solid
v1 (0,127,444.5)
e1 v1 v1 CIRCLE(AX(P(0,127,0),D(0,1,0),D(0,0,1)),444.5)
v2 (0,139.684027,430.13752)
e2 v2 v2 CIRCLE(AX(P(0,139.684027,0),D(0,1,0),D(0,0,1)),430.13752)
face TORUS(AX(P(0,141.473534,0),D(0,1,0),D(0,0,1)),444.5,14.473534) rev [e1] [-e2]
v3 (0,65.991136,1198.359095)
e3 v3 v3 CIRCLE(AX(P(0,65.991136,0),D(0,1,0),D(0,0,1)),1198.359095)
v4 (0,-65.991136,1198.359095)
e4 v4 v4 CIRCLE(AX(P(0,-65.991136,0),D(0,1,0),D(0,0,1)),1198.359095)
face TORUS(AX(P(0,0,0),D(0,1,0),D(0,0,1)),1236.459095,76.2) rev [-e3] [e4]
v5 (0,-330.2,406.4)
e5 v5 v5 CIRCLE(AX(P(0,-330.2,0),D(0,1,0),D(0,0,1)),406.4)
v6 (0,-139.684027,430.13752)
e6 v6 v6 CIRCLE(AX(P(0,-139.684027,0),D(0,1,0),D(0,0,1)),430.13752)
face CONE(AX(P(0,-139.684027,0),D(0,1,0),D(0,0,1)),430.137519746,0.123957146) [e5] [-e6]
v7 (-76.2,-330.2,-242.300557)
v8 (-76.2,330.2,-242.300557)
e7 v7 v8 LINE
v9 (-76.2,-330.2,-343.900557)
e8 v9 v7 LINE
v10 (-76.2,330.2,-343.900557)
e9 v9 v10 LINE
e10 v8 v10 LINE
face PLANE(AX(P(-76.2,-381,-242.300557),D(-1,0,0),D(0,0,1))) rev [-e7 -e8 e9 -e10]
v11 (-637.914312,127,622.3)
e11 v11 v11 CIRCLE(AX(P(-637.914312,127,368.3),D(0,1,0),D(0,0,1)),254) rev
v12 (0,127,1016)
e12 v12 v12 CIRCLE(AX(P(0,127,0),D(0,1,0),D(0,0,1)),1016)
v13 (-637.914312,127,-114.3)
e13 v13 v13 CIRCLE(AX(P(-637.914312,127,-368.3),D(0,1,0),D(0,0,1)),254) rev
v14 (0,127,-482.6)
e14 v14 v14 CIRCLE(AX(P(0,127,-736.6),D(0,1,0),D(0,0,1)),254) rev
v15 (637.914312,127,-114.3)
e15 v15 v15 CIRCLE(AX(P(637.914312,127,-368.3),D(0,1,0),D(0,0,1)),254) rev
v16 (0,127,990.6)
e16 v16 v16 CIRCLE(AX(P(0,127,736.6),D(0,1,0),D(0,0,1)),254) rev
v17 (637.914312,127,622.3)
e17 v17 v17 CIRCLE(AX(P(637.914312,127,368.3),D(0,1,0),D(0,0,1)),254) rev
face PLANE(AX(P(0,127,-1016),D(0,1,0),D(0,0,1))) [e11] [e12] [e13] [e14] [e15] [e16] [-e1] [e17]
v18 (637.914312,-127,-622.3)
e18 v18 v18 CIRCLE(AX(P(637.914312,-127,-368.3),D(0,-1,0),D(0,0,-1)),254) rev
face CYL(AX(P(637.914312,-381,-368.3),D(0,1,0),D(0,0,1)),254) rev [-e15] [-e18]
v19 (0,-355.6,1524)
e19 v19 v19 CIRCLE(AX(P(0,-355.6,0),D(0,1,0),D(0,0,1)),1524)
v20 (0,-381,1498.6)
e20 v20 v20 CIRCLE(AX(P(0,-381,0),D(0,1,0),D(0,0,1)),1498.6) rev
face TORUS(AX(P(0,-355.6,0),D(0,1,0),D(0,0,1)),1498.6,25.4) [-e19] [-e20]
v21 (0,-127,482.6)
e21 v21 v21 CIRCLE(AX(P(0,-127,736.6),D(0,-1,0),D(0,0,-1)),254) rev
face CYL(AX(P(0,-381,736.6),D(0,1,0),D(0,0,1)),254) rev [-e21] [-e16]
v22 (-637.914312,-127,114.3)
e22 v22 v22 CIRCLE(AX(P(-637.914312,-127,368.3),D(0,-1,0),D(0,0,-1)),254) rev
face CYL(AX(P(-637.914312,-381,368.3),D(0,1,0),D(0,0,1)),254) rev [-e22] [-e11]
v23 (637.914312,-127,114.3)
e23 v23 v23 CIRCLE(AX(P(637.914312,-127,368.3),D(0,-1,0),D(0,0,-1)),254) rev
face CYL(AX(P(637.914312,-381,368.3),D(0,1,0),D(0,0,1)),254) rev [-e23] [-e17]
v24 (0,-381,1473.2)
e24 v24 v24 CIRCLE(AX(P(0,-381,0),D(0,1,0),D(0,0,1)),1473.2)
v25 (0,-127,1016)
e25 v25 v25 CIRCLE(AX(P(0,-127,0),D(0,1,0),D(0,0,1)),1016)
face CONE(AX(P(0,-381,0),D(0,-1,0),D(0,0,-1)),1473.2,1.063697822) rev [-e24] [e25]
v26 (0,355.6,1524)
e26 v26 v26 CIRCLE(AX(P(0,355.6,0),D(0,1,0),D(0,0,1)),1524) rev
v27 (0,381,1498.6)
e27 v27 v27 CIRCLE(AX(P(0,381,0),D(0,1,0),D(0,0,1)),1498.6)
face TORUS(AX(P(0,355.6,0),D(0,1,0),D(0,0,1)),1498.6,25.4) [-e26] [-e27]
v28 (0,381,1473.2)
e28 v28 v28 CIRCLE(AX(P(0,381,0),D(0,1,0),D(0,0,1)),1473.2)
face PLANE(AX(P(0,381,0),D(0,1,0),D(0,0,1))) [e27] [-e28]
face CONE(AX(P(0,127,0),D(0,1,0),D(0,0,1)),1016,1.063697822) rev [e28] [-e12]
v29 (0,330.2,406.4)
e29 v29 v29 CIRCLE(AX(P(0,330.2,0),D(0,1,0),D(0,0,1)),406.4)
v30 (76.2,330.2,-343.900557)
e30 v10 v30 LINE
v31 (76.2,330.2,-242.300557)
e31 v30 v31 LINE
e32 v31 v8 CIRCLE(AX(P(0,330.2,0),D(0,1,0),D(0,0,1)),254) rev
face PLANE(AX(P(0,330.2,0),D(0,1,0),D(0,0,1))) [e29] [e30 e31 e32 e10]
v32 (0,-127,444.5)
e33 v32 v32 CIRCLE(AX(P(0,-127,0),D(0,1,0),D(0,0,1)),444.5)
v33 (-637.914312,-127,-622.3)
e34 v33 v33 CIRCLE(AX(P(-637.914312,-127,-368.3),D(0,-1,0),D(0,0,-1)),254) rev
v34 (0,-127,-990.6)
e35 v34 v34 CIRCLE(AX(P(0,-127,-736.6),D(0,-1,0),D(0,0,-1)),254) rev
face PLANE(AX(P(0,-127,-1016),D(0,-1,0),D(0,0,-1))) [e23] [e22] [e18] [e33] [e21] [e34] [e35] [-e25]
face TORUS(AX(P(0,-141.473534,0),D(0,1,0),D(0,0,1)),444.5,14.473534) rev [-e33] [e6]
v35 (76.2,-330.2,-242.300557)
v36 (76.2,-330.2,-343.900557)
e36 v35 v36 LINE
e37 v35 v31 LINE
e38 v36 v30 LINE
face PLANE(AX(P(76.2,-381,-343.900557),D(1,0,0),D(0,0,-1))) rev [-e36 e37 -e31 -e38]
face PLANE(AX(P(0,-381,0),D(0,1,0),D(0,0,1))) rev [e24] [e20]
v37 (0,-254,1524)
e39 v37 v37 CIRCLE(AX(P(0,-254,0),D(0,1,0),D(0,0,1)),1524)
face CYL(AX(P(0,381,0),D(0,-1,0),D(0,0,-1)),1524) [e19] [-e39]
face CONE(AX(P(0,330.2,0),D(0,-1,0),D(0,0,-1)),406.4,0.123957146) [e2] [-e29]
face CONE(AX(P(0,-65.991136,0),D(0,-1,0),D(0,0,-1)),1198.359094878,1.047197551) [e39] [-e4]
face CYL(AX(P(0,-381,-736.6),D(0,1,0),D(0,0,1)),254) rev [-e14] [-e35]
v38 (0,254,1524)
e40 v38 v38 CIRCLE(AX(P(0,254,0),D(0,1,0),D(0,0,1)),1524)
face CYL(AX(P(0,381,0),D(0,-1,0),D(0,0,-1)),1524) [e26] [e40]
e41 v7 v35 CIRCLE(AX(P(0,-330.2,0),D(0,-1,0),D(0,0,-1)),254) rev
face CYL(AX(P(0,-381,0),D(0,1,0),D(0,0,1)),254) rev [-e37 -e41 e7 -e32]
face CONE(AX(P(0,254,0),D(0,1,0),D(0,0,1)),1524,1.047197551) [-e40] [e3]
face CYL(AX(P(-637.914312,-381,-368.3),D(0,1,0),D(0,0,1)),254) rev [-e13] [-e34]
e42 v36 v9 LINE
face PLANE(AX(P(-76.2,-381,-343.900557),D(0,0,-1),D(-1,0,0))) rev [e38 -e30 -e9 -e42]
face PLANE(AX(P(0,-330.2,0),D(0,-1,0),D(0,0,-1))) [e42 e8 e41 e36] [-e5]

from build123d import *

# Parameters (mm, degrees)
SKETCH1_R           = 1524
BOSS_EXTRUDE1_DEPTH = 381
CUT_EXTRUDE1_DEPTH  = 763
SKETCH4_R           = 254
CUT_EXTRUDE2_DEPTH  = 763
CIRPATTERN1_COUNT   = 6
FILLET3_R           = 25.4


with BuildPart() as part:
    # Sketch1 → Boss-Extrude1 (new body, symmetric)
    with BuildSketch(Plane(origin=(0, 0, 0), x_dir=(1, 0, 0), z_dir=(0, 1, 0))):
        Circle(SKETCH1_R)
    extrude(amount=BOSS_EXTRUDE1_DEPTH, both=True)

    # Sketch2 → Cut-Revolve1 (revolve, cut)
    with BuildSketch(Plane(origin=(0, 0, 0), x_dir=(0, 0, -1), z_dir=(1, 0, 0))):
        with BuildLine():
            Line((1524, -254), (1524, 254))
            Line((1524, 254), (1198.359094878, 65.991135768))
            ThreePointArc((1198.359094878, 65.991135768), (1160.259094878, 0), (1198.359094878, -65.991135768))
            Line((1198.359094878, -65.991135768), (1524, -254))
        make_face()
    revolve(axis=Axis((0, 381, 0), (0, -1, 0)), mode=Mode.SUBTRACT)

    # Sketch3 → Cut-Extrude1 (cut, through all)
    with BuildSketch(Plane(origin=(0, 381, 0), x_dir=(1, 0, 0), z_dir=(0, 1, 0))):
        with BuildLine():
            Line((-76.2, 242.30055716), (-76.2, 343.90055716))
            Line((-76.2, 343.90055716), (76.2, 343.90055716))
            Line((76.2, 343.90055716), (76.2, 242.30055716))
            ThreePointArc((76.2, 242.30055716), (0, -254), (-76.2, 242.30055716))
        make_face()
    extrude(amount=-CUT_EXTRUDE1_DEPTH, mode=Mode.SUBTRACT)

    # Sketch4 → Cut-Extrude2 (cut, through all)
    with BuildSketch(Plane(origin=(0, 381, 0), x_dir=(1, 0, 0), z_dir=(0, 1, 0))):
        with Locations((0, 736.6)):
            Circle(SKETCH4_R)
    cut_extrude2 = extrude(amount=-CUT_EXTRUDE2_DEPTH, mode=Mode.SUBTRACT)

    # CirPattern1: Cut-Extrude2 ×6 about axis
    cirpattern1_axis = Axis((0, 0, 0), (0, 1, 0))
    for i in range(1, CIRPATTERN1_COUNT):
        add(cut_extrude2.rotate(cirpattern1_axis, i * 360 / CIRPATTERN1_COUNT), mode=Mode.SUBTRACT)

    # Sketch7 → Cut-Revolve3 (revolve, cut)
    with BuildSketch(Plane(origin=(0, 0, 0), x_dir=(0, 0, -1), z_dir=(1, 0, 0))):
        with BuildLine():
            Line((406.4, 330.2), (430.137519746, 139.684026625))
            ThreePointArc((430.137519746, 139.684026625), (434.919220146, 130.62494696), (444.5, 127))
            Line((444.5, 127), (1016, 127))
            Line((1016, 127), (1473.2, 381))
            Line((1473.2, 381), (0, 381))
            Line((0, 381), (0, 330.2))
            Line((0, 330.2), (406.4, 330.2))
        make_face()
        with BuildLine():
            Line((0, -330.2), (0, -381))
            Line((0, -381), (1473.2, -381))
            Line((1473.2, -381), (1016, -127))
            Line((1016, -127), (444.5, -127))
            ThreePointArc((444.5, -127), (434.919220146, -130.62494696), (430.137519746, -139.684026625))
            Line((430.137519746, -139.684026625), (406.4, -330.2))
            Line((406.4, -330.2), (0, -330.2))
        make_face()
    revolve(axis=Axis((0, 254, 0), (0, 1, 0)), mode=Mode.SUBTRACT)

    # Fillet3
    fillet3_edges = [part.edges().sort_by_distance(p)[0] for p in [
        (-1524, -381, 0),
        (-1524, 381, 0),
    ]]
    fillet(fillet3_edges, radius=FILLET3_R)


solid = part.part
